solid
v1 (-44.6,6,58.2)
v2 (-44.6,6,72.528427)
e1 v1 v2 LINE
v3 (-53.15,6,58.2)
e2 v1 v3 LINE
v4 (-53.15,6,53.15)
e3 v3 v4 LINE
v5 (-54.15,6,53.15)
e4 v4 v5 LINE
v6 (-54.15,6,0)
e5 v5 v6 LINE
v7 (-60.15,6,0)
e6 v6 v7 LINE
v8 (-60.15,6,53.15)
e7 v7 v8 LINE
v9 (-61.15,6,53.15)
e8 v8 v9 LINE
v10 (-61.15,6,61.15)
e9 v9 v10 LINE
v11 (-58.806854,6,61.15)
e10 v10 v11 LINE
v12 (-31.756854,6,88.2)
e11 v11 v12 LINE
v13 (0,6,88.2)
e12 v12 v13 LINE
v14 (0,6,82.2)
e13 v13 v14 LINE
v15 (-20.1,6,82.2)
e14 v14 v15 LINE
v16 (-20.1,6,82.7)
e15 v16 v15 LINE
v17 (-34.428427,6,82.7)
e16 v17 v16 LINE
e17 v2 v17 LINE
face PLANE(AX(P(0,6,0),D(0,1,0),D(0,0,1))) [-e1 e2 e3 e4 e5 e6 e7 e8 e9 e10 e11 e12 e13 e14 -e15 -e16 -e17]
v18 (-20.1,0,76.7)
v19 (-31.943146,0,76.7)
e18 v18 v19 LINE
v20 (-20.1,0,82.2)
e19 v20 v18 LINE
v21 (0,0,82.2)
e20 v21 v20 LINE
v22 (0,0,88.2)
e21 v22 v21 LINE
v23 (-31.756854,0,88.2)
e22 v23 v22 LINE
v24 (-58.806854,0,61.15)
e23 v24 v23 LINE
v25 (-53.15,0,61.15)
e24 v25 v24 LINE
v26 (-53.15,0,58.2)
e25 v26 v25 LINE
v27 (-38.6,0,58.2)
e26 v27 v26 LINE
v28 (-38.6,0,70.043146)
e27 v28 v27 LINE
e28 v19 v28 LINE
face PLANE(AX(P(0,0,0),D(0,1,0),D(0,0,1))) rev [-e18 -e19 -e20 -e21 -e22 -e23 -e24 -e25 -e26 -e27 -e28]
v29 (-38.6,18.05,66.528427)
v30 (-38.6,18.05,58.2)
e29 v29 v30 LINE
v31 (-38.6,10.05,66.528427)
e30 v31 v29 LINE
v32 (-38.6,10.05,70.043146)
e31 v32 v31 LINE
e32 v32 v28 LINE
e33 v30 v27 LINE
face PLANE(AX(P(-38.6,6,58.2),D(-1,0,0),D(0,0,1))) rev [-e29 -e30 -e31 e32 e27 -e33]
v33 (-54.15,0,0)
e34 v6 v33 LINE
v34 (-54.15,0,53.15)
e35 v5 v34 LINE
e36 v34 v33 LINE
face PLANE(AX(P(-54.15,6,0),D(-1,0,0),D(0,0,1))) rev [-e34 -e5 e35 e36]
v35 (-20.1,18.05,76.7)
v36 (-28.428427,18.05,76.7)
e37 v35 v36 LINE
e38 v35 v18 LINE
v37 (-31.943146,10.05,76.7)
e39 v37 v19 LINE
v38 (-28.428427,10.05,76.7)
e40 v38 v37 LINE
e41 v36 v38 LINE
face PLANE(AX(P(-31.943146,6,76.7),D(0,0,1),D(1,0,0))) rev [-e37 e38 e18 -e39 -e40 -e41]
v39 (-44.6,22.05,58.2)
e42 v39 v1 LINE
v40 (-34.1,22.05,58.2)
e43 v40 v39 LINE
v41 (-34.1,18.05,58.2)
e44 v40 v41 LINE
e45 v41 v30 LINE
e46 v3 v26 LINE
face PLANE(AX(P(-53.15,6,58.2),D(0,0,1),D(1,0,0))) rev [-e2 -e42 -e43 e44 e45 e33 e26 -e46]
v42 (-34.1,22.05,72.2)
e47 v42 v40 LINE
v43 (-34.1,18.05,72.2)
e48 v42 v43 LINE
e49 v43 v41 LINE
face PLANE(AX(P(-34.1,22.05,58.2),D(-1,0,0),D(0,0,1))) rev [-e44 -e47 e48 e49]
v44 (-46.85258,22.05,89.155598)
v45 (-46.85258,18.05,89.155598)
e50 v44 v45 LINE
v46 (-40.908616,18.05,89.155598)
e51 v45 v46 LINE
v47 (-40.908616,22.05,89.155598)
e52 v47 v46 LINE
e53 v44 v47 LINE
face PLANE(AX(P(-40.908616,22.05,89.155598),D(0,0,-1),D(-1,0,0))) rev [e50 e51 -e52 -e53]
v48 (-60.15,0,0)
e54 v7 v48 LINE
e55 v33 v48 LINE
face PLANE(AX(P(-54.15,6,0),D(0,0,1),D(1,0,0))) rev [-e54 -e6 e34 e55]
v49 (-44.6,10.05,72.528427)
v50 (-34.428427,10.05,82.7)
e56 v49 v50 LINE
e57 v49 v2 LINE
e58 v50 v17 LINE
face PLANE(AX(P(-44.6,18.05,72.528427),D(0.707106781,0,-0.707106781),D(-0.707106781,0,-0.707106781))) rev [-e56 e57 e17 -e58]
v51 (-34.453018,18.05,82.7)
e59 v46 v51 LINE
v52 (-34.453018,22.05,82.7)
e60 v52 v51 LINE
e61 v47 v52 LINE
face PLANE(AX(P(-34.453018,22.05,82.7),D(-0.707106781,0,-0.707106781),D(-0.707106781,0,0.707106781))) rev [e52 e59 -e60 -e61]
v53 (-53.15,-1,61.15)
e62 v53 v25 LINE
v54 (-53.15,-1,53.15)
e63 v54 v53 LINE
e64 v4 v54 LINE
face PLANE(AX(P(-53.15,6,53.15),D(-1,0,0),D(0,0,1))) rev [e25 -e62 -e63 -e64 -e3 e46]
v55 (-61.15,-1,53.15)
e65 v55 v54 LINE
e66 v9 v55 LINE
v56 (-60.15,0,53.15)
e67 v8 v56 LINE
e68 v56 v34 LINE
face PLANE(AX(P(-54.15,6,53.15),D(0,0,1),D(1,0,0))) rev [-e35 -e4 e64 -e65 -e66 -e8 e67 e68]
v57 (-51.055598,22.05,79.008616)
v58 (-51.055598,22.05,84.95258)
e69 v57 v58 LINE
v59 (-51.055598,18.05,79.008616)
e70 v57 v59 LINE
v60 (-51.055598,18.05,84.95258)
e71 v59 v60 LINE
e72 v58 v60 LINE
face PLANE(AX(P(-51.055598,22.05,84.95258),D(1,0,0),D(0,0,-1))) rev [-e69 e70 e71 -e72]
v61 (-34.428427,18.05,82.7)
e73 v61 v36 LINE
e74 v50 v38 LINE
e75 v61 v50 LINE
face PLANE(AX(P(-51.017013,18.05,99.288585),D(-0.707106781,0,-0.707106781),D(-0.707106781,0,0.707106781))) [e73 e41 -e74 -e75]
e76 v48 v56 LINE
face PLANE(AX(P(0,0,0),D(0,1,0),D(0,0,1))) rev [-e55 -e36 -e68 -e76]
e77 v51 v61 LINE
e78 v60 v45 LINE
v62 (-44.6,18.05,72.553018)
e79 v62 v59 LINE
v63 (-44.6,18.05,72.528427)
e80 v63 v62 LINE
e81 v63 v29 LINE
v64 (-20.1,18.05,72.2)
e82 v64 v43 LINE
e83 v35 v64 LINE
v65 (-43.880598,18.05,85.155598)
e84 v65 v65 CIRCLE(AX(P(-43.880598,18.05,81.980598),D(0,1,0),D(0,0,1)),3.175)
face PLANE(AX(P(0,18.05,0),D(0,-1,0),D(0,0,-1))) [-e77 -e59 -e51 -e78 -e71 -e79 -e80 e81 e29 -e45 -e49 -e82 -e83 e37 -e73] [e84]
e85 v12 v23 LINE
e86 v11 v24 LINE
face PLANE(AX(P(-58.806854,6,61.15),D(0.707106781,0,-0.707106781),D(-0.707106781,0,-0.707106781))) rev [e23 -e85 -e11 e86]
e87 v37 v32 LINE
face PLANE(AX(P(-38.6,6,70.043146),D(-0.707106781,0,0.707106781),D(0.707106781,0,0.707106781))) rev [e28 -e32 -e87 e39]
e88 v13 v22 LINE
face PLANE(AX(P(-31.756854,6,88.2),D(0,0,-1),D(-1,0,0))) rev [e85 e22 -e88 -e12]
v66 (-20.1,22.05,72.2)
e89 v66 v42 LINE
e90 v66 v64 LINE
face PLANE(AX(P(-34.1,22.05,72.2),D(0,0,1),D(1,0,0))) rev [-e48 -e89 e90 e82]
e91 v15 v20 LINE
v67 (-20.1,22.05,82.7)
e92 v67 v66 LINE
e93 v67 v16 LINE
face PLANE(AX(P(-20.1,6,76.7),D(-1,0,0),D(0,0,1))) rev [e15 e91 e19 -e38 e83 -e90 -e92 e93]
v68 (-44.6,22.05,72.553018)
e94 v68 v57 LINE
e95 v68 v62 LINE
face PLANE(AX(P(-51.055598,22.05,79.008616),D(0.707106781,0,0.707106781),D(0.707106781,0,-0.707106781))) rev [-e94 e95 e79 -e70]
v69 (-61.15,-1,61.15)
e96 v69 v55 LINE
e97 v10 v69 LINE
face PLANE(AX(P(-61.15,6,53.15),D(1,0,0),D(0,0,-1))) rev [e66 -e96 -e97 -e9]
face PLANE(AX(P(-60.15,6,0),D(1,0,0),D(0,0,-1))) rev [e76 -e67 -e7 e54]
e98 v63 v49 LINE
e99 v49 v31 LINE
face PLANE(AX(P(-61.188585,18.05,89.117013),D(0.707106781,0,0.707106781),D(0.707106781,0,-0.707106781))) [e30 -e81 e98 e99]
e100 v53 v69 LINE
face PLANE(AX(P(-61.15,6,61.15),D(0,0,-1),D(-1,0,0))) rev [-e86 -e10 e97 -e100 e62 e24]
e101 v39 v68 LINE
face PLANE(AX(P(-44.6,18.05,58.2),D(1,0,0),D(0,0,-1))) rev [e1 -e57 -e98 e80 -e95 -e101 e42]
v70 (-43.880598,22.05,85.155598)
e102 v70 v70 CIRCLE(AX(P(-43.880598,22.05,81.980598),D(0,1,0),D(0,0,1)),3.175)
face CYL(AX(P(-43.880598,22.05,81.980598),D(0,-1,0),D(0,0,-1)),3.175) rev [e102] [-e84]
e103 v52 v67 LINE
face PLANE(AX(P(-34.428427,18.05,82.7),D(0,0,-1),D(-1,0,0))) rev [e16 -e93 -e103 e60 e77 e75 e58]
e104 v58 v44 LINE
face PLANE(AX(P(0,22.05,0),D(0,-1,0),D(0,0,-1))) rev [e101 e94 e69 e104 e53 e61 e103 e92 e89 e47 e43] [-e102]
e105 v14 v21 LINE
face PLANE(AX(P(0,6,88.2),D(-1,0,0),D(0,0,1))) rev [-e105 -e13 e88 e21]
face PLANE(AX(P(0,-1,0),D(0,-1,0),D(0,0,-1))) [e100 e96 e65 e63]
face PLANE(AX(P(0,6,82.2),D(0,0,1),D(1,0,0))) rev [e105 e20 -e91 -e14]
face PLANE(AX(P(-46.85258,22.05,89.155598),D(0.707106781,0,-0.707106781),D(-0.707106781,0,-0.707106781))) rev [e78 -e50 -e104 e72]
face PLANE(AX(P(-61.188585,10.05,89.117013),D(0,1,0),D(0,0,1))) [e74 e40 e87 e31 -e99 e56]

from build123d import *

# Parameters (mm, degrees)
BOSS_EXTRUDE1_DEPTH            = 6
BOSS_EXTRUDE2_DEPTH            = 1
BOSS_EXTRUDE3_DEPTH            = 12.05
SKETCH4_R                      = 3.175
BOSS_EXTRUDE4_DEPTH            = 4
CUT_EXTRUDE1_REACH             = 87.707
SKETCH5_W                      = 14.384776311
SKETCH5_H                      = 8
CUT_EXTRUDE1_DIRECTION_2_DEPTH = 86.707273439


with BuildPart() as part:
    # Sketch1 → Boss-Extrude1 (new body)
    with BuildSketch(Plane(origin=(0, 0, 0), x_dir=(1, 0, 0), z_dir=(0, 1, 0))):
        Polygon((-54.15, 0), (-60.15, 0), (-60.15, -53.15), (-61.15, -53.15), (-61.15, -61.15), (-58.806854249, -61.15), (-31.756854249, -88.2), (0, -88.2), (0, -82.2), (-20.1, -82.2), (-20.1, -76.7), (-31.943145751, -76.7), (-38.6, -70.043145751), (-38.6, -58.2), (-53.15, -58.2), (-53.15, -53.15), (-54.15, -53.15), align=None)
    extrude(amount=BOSS_EXTRUDE1_DEPTH)

    # Sketch2 → Boss-Extrude2 (add)
    with BuildSketch(Plane.XZ):
        Polygon((-53.15, 58.2), (-53.15, 53.15), (-61.15, 53.15), (-61.15, 61.15), (-53.15, 61.15), align=None)
    extrude(amount=BOSS_EXTRUDE2_DEPTH)

    # Sketch3 → Boss-Extrude3 (add)
    with BuildSketch(Plane(origin=(0, 6, 0), x_dir=(1, 0, 0), z_dir=(0, 1, 0))):
        Polygon((-38.6, -58.2), (-44.6, -58.2), (-44.6, -72.528427125), (-34.428427125, -82.7), (-20.1, -82.7), (-20.1, -76.7), (-31.943145751, -76.7), (-38.6, -70.043145751), align=None)
    extrude(amount=BOSS_EXTRUDE3_DEPTH)

    # Sketch4 → Boss-Extrude4 (add)
    with BuildSketch(Plane(origin=(0, 18.05, 0), x_dir=(1, 0, 0), z_dir=(0, 1, 0))):
        Polygon((-44.6, -58.2), (-34.1, -58.2), (-34.1, -72.2), (-20.1, -72.2), (-20.1, -82.7), (-34.45301769, -82.7), (-40.908615626, -89.155597936), (-46.852580246, -89.155597936), (-51.055597936, -84.952580246), (-51.055597936, -79.008615626), (-44.6, -72.55301769), align=None)
        with Locations(Location((-43.880597936, -81.980597936, 0), (0, 0, 270))):
            Circle(SKETCH4_R, mode=Mode.SUBTRACT)
    extrude(amount=BOSS_EXTRUDE4_DEPTH)

    # Sketch5 → Cut-Extrude1 (cut, up to next)
    with BuildSketch(Plane(origin=(-58.564213562, 0, 58.564213562), x_dir=(0.7071067811865475, 0, 0.7071067811865477), z_dir=(-0.7071067811865477, 0, 0.7071067811865475)), mode=Mode.PRIVATE) as cut_extrude1_sk1:
        with Locations((26.940768364, 14.05)):
            Rectangle(SKETCH5_W, SKETCH5_H)
    cut_extrude1_tool1 = extrude(cut_extrude1_sk1.sketch, amount=-CUT_EXTRUDE1_REACH, mode=Mode.PRIVATE) & part.part
    add(cut_extrude1_tool1.solids().sort_by_distance((-39.514214, 14.05, 77.614214))[0], mode=Mode.SUBTRACT)

    # Sketch5 → Cut-Extrude1 direction 2 (cut)
    with BuildSketch(Plane(origin=(-58.564213562, 0, 58.564213562), x_dir=(0.7071067811865475, 0, 0.7071067811865477), z_dir=(-0.7071067811865477, 0, 0.7071067811865475))):
        with Locations((26.940768364, 14.05)):
            Rectangle(SKETCH5_W, SKETCH5_H)
    extrude(amount=CUT_EXTRUDE1_DIRECTION_2_DEPTH, mode=Mode.SUBTRACT)


solid = part.part
